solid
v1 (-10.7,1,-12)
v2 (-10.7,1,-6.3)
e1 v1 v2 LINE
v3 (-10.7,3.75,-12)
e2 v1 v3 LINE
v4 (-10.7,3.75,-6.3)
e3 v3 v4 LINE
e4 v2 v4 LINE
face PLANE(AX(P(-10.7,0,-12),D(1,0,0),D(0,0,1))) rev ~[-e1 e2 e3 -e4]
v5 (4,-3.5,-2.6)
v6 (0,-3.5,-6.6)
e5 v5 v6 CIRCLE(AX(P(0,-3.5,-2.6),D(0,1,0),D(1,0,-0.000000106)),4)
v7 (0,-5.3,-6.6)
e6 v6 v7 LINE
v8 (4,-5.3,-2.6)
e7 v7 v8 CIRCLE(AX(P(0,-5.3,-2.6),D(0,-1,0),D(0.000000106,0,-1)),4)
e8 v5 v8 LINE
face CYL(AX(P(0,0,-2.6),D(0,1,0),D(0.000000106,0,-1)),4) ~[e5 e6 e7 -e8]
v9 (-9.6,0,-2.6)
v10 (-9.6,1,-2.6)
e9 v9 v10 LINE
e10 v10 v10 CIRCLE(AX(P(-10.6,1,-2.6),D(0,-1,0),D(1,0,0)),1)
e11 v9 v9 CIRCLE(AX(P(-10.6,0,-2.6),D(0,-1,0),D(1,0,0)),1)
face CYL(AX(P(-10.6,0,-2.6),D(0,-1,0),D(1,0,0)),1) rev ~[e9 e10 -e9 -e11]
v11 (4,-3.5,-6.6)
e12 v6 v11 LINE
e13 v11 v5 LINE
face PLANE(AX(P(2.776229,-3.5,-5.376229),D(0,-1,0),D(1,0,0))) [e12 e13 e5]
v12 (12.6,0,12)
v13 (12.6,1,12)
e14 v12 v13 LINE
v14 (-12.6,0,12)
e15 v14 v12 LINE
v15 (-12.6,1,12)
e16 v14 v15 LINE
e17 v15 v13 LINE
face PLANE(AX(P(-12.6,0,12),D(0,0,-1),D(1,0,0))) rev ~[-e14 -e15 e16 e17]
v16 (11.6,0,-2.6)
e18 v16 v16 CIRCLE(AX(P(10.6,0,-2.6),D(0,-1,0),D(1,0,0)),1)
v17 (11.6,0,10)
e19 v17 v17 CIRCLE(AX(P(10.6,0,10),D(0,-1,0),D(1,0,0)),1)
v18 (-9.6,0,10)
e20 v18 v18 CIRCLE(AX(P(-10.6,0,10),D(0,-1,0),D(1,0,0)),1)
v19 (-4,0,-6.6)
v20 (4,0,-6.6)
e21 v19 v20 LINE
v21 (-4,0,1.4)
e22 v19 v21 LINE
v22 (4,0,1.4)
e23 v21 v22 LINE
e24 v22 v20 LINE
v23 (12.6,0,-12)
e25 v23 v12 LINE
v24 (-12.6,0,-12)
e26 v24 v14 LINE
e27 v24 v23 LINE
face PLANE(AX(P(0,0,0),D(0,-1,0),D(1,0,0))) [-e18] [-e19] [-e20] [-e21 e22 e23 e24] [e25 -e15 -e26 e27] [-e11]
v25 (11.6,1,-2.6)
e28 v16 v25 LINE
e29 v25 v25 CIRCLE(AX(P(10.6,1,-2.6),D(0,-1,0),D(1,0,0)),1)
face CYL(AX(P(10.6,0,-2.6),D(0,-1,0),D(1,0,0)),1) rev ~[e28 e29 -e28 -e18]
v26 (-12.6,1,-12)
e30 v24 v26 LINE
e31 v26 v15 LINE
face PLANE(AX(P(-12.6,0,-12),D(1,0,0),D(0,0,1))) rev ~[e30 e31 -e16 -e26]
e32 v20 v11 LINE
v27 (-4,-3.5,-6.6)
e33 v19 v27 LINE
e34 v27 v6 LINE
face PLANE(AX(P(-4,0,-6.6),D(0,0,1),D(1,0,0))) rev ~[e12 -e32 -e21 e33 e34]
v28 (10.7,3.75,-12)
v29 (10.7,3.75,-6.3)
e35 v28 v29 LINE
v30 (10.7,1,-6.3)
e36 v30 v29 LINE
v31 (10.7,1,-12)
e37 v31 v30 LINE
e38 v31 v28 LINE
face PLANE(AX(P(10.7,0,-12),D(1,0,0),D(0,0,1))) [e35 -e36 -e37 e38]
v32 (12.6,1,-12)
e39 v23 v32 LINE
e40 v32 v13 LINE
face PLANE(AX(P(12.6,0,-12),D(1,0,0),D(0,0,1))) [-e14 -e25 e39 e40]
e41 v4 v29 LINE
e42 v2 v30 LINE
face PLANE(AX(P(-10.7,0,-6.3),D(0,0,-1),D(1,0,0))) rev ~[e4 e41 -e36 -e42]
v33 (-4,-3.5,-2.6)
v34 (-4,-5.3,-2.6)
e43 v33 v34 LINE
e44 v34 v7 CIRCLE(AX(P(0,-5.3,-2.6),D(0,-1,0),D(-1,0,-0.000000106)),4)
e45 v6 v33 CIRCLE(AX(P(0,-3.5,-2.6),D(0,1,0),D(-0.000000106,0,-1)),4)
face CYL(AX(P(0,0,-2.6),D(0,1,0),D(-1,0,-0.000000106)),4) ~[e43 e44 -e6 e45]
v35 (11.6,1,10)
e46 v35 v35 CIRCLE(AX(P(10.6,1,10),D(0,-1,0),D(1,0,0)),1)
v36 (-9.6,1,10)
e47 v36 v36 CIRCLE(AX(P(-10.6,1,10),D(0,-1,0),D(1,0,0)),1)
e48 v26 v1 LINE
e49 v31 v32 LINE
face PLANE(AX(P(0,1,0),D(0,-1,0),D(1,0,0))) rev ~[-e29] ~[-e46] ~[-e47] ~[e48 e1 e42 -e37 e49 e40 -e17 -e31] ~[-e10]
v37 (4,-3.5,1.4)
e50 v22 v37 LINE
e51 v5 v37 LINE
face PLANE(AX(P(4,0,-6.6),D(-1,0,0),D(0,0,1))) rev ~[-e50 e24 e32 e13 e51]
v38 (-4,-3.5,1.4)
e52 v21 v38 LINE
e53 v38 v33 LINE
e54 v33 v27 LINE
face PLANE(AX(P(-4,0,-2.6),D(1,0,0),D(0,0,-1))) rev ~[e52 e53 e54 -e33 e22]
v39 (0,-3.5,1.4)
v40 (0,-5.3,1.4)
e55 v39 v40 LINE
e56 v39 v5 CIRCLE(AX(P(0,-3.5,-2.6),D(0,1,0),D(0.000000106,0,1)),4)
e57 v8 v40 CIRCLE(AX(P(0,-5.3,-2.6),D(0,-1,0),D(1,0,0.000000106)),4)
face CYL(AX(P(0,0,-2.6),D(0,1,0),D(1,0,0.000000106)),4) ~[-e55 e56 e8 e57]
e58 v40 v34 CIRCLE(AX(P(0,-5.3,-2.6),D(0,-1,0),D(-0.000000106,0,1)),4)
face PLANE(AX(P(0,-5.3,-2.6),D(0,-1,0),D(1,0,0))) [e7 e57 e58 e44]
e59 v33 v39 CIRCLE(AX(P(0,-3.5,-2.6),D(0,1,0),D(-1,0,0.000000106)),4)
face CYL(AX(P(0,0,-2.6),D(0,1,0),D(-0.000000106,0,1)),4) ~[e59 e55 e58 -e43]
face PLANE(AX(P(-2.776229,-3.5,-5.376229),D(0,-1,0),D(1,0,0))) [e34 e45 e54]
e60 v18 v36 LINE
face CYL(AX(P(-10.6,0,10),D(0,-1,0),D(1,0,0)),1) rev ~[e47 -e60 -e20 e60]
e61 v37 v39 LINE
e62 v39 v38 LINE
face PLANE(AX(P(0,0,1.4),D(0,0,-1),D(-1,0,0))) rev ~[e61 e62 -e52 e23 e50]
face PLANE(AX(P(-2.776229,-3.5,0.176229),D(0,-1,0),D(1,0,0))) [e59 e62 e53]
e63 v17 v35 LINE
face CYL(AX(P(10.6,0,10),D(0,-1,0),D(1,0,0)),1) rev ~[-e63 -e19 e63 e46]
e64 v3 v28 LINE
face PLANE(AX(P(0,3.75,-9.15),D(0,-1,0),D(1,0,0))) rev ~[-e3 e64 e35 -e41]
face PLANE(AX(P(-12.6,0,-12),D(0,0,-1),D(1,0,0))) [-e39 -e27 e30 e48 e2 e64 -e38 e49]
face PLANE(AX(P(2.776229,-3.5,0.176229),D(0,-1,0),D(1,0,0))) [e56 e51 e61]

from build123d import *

# Parameters (mm, degrees)
F0_W     = 25.2
F0_H     = 24
F0_R     = 1
F3_DEPTH = 1
F4_DEPTH = 3.5
F5_DEPTH = 5.3
F2_W     = 21.4
F2_H     = 5.7
F6_DEPTH = 3.75


with BuildPart() as f3:
    # F0 (on Front) → F3 (new body)
    with BuildSketch(Plane.XZ):
        Rectangle(F0_W, F0_H)
        with Locations((-10.6, -2.6)):
            Circle(F0_R, mode=Mode.SUBTRACT)
        with Locations((10.6, -2.6)):
            Circle(F0_R, mode=Mode.SUBTRACT)
        with Locations((-10.6, 10)):
            Circle(F0_R, mode=Mode.SUBTRACT)
        with Locations((10.6, 10)):
            Circle(F0_R, mode=Mode.SUBTRACT)
    extrude(amount=-F3_DEPTH)

    # F1 (on face) → F4 (join)
    with BuildSketch(Plane.XZ):
        with BuildLine():
            Line((0, -6.6), (4, -6.6))
            Line((4, -6.6), (4, -2.6))
            ThreePointArc((4, -2.6), (2.828427, -5.428427), (0, -6.6))
        make_face()
        with BuildLine():
            Line((-4, -6.6), (0, -6.6))
            ThreePointArc((0, -6.6), (-2.828427, -5.428427), (-4, -2.6))
            Line((-4, -2.6), (-4, -6.6))
        make_face()
        with BuildLine():
            ThreePointArc((0, 1.4), (2.828427, 0.228427), (4, -2.6))
            Line((4, -2.6), (4, 1.4))
            Line((4, 1.4), (0, 1.4))
        make_face()
        with BuildLine():
            Line((-4, 1.4), (-4, -2.6))
            ThreePointArc((-4, -2.6), (-2.828427, 0.228427), (0, 1.4))
            Line((0, 1.4), (-4, 1.4))
        make_face()
    extrude(amount=F4_DEPTH)

    # F1 (on face) → F5 (join)
    with BuildSketch(Plane.XZ):
        with BuildLine():
            ThreePointArc((-4, -2.6), (-2.828427, -5.428427), (0, -6.6))
            ThreePointArc((0, -6.6), (2.828427, -5.428427), (4, -2.6))
            ThreePointArc((4, -2.6), (2.828427, 0.228427), (0, 1.4))
            ThreePointArc((0, 1.4), (-2.828427, 0.228427), (-4, -2.6))
        make_face()
    extrude(amount=F5_DEPTH)

    # F2 (on face) → F6 (join)
    with BuildSketch(Plane.XZ):
        with Locations((0, -9.15)):
            Rectangle(F2_W, F2_H)
    extrude(amount=-F6_DEPTH)


solid = f3.part
